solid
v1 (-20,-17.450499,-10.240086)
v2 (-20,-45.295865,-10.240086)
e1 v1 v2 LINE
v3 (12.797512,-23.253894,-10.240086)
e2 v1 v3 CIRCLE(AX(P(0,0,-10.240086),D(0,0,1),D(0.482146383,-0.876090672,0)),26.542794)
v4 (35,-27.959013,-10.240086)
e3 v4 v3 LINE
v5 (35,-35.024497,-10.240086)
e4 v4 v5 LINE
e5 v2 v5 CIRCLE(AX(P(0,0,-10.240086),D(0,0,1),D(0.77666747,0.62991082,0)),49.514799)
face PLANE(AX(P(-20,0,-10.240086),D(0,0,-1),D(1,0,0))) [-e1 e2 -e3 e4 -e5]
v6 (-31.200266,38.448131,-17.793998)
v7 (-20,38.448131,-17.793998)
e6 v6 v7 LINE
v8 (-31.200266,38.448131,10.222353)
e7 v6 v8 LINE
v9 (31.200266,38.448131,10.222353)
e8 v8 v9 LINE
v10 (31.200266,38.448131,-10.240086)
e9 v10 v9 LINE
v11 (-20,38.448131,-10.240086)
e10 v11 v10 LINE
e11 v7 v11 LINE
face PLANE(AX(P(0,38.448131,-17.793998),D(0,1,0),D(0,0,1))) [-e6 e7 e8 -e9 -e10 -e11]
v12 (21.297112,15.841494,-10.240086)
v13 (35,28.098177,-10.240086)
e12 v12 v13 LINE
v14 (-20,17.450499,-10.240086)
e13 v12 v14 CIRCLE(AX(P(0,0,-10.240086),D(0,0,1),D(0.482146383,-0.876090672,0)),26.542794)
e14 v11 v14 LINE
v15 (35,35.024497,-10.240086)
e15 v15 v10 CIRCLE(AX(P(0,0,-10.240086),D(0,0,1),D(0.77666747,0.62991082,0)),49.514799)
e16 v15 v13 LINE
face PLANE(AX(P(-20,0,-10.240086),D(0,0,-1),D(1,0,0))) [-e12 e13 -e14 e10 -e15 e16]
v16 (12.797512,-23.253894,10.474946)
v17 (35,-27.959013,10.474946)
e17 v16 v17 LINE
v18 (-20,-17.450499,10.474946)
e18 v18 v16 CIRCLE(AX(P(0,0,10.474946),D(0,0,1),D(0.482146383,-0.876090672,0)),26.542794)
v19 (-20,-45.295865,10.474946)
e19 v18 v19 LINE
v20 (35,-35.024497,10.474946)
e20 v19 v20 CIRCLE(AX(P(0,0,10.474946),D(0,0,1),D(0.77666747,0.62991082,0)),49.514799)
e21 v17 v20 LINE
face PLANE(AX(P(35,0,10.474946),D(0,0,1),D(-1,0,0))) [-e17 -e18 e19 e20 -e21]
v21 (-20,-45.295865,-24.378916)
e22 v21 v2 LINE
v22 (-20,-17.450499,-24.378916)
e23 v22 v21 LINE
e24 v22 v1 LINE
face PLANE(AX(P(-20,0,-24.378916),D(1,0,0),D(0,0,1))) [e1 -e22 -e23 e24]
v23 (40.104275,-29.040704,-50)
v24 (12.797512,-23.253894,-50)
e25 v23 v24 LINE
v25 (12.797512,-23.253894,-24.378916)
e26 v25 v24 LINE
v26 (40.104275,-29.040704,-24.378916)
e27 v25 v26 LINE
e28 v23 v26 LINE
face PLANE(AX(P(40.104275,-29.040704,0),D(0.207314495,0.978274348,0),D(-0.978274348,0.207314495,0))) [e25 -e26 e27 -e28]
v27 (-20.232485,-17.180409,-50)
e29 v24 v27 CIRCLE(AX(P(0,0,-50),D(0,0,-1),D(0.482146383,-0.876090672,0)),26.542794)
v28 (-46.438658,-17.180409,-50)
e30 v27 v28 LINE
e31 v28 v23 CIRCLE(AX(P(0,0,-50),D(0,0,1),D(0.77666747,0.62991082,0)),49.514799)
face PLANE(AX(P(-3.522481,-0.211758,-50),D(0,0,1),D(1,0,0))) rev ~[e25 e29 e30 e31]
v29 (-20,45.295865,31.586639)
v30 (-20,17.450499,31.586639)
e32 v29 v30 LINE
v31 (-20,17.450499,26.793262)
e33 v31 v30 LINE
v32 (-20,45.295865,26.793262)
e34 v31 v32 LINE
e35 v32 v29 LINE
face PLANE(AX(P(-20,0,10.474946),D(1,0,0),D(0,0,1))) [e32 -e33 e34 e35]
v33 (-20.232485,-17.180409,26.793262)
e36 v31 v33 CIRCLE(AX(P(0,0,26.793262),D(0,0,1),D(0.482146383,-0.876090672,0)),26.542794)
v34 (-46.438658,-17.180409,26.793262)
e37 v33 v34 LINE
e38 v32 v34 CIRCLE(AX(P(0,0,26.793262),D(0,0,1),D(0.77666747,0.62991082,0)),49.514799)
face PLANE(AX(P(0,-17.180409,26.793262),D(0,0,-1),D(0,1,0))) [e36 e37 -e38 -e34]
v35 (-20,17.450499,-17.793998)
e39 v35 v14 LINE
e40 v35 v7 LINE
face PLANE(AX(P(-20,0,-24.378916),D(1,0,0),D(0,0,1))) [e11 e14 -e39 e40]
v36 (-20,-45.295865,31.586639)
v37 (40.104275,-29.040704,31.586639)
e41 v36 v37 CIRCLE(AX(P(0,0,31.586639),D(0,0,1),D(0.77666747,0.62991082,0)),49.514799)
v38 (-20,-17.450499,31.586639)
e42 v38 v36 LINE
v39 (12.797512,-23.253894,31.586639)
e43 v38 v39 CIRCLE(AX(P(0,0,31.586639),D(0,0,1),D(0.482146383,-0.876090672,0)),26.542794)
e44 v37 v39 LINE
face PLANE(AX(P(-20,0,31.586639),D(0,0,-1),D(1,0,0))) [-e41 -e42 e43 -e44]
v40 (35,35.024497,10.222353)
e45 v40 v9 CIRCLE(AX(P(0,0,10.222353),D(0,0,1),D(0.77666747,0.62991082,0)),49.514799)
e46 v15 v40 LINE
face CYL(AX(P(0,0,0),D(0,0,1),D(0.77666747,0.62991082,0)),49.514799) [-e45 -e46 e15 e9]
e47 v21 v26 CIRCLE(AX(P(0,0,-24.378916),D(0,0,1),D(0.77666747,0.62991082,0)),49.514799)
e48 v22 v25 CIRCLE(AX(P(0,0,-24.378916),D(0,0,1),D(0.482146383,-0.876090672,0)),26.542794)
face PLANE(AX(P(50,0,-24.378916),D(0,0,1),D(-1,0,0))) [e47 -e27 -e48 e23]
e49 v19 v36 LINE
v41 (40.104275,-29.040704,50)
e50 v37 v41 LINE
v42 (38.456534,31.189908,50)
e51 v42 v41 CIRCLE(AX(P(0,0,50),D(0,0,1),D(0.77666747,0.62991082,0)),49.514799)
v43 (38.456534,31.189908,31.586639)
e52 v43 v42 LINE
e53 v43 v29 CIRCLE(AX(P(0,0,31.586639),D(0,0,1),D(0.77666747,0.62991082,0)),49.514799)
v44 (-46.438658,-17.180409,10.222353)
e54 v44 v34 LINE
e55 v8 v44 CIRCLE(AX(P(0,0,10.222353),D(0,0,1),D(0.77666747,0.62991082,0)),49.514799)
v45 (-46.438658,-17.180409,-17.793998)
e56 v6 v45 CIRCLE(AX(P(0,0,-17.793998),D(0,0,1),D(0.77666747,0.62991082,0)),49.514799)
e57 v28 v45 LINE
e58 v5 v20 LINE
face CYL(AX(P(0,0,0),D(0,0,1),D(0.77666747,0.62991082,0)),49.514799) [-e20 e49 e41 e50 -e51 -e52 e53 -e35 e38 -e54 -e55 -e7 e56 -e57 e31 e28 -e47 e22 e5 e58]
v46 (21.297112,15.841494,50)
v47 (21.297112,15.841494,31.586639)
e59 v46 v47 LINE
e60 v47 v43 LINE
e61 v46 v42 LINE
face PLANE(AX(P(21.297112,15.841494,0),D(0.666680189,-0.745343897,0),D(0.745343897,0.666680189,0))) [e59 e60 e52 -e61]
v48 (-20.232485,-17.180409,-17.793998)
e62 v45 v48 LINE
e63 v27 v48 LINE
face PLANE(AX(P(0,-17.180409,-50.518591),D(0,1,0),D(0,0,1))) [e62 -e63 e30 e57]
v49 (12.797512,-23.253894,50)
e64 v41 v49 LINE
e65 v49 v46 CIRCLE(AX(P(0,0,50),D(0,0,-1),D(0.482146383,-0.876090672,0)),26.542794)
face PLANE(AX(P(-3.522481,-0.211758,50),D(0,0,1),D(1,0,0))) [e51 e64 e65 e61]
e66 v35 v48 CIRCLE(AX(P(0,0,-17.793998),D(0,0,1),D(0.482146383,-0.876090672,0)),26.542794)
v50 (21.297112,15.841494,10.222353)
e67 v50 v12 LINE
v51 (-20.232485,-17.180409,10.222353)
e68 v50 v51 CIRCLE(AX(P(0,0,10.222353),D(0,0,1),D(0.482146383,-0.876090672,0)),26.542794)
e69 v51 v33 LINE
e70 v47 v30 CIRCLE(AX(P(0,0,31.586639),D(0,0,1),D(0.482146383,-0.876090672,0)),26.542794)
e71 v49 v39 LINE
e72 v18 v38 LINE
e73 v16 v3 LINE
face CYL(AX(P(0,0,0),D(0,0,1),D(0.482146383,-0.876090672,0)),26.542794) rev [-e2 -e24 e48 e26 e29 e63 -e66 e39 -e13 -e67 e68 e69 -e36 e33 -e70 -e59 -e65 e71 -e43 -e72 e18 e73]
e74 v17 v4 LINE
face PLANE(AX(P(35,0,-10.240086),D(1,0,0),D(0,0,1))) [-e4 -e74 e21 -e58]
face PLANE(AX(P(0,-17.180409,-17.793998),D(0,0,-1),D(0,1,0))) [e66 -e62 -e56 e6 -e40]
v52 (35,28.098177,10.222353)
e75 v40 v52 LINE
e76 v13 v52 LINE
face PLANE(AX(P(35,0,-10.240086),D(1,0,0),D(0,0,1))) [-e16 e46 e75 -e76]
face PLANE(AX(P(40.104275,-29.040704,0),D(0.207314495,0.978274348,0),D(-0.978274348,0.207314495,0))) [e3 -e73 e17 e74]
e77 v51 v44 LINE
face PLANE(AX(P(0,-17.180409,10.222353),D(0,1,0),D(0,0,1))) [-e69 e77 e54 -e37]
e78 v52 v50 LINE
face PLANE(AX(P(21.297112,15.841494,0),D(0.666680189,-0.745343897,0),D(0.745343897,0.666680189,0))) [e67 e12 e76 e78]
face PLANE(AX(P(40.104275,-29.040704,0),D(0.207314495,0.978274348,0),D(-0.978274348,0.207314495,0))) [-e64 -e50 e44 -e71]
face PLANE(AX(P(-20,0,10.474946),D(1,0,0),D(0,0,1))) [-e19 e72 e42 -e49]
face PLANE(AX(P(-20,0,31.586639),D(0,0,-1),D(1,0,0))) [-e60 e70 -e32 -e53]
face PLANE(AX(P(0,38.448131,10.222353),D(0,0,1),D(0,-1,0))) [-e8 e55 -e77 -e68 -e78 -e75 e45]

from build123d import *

# Parameters (mm, degrees)
F3_DEPTH = 50
F4_DEPTH = 50
F5_DEPTH = 50


with BuildPart() as f3:
    # F0 (on Top) → F3 (new body, symmetric)
    with BuildSketch(Plane.XY):
        with BuildLine():
            Line((21.297112, 15.841494), (38.456534, 31.189908))
            ThreePointArc((38.456534, 31.189908), (-49.496281, -1.35408), (40.104275, -29.040704))
            Line((40.104275, -29.040704), (12.797512, -23.253894))
            ThreePointArc((12.797512, -23.253894), (-25.936908, 5.638858), (21.297112, 15.841494))
        make_face()
    extrude(amount=F3_DEPTH, both=True)

    # F1 (on Front) → F4 (intersect, symmetric)
    with BuildSketch(Plane.XZ):
        Polygon((-20, 50), (-50, 50), (-50, -50), (-20, -50), (50, -50), (50, -24.378916), (-20, -24.378916), (-20, -10.240086), (35, -10.240086), (35, 10.474946), (-20, 10.474946), (-20, 31.586639), (50, 31.586639), (50, 50), align=None)
    extrude(amount=F4_DEPTH, both=True, mode=Mode.INTERSECT)

    # F2 (on Right) → F5 (intersect, symmetric)
    with BuildSketch(Plane.YZ):
        Polygon((49.905006, 26.793262), (49.905006, 50.518591), (-49.905006, 50.518591), (-49.905006, 26.793262), (-49.905006, -50.518591), (-17.180409, -50.518591), (-17.180409, -17.793998), (38.448131, -17.793998), (38.448131, 0), (38.448131, 10.222353), (-17.180409, 10.222353), (-17.180409, 26.793262), align=None)
    extrude(amount=F5_DEPTH, both=True, mode=Mode.INTERSECT)


solid = f3.part
